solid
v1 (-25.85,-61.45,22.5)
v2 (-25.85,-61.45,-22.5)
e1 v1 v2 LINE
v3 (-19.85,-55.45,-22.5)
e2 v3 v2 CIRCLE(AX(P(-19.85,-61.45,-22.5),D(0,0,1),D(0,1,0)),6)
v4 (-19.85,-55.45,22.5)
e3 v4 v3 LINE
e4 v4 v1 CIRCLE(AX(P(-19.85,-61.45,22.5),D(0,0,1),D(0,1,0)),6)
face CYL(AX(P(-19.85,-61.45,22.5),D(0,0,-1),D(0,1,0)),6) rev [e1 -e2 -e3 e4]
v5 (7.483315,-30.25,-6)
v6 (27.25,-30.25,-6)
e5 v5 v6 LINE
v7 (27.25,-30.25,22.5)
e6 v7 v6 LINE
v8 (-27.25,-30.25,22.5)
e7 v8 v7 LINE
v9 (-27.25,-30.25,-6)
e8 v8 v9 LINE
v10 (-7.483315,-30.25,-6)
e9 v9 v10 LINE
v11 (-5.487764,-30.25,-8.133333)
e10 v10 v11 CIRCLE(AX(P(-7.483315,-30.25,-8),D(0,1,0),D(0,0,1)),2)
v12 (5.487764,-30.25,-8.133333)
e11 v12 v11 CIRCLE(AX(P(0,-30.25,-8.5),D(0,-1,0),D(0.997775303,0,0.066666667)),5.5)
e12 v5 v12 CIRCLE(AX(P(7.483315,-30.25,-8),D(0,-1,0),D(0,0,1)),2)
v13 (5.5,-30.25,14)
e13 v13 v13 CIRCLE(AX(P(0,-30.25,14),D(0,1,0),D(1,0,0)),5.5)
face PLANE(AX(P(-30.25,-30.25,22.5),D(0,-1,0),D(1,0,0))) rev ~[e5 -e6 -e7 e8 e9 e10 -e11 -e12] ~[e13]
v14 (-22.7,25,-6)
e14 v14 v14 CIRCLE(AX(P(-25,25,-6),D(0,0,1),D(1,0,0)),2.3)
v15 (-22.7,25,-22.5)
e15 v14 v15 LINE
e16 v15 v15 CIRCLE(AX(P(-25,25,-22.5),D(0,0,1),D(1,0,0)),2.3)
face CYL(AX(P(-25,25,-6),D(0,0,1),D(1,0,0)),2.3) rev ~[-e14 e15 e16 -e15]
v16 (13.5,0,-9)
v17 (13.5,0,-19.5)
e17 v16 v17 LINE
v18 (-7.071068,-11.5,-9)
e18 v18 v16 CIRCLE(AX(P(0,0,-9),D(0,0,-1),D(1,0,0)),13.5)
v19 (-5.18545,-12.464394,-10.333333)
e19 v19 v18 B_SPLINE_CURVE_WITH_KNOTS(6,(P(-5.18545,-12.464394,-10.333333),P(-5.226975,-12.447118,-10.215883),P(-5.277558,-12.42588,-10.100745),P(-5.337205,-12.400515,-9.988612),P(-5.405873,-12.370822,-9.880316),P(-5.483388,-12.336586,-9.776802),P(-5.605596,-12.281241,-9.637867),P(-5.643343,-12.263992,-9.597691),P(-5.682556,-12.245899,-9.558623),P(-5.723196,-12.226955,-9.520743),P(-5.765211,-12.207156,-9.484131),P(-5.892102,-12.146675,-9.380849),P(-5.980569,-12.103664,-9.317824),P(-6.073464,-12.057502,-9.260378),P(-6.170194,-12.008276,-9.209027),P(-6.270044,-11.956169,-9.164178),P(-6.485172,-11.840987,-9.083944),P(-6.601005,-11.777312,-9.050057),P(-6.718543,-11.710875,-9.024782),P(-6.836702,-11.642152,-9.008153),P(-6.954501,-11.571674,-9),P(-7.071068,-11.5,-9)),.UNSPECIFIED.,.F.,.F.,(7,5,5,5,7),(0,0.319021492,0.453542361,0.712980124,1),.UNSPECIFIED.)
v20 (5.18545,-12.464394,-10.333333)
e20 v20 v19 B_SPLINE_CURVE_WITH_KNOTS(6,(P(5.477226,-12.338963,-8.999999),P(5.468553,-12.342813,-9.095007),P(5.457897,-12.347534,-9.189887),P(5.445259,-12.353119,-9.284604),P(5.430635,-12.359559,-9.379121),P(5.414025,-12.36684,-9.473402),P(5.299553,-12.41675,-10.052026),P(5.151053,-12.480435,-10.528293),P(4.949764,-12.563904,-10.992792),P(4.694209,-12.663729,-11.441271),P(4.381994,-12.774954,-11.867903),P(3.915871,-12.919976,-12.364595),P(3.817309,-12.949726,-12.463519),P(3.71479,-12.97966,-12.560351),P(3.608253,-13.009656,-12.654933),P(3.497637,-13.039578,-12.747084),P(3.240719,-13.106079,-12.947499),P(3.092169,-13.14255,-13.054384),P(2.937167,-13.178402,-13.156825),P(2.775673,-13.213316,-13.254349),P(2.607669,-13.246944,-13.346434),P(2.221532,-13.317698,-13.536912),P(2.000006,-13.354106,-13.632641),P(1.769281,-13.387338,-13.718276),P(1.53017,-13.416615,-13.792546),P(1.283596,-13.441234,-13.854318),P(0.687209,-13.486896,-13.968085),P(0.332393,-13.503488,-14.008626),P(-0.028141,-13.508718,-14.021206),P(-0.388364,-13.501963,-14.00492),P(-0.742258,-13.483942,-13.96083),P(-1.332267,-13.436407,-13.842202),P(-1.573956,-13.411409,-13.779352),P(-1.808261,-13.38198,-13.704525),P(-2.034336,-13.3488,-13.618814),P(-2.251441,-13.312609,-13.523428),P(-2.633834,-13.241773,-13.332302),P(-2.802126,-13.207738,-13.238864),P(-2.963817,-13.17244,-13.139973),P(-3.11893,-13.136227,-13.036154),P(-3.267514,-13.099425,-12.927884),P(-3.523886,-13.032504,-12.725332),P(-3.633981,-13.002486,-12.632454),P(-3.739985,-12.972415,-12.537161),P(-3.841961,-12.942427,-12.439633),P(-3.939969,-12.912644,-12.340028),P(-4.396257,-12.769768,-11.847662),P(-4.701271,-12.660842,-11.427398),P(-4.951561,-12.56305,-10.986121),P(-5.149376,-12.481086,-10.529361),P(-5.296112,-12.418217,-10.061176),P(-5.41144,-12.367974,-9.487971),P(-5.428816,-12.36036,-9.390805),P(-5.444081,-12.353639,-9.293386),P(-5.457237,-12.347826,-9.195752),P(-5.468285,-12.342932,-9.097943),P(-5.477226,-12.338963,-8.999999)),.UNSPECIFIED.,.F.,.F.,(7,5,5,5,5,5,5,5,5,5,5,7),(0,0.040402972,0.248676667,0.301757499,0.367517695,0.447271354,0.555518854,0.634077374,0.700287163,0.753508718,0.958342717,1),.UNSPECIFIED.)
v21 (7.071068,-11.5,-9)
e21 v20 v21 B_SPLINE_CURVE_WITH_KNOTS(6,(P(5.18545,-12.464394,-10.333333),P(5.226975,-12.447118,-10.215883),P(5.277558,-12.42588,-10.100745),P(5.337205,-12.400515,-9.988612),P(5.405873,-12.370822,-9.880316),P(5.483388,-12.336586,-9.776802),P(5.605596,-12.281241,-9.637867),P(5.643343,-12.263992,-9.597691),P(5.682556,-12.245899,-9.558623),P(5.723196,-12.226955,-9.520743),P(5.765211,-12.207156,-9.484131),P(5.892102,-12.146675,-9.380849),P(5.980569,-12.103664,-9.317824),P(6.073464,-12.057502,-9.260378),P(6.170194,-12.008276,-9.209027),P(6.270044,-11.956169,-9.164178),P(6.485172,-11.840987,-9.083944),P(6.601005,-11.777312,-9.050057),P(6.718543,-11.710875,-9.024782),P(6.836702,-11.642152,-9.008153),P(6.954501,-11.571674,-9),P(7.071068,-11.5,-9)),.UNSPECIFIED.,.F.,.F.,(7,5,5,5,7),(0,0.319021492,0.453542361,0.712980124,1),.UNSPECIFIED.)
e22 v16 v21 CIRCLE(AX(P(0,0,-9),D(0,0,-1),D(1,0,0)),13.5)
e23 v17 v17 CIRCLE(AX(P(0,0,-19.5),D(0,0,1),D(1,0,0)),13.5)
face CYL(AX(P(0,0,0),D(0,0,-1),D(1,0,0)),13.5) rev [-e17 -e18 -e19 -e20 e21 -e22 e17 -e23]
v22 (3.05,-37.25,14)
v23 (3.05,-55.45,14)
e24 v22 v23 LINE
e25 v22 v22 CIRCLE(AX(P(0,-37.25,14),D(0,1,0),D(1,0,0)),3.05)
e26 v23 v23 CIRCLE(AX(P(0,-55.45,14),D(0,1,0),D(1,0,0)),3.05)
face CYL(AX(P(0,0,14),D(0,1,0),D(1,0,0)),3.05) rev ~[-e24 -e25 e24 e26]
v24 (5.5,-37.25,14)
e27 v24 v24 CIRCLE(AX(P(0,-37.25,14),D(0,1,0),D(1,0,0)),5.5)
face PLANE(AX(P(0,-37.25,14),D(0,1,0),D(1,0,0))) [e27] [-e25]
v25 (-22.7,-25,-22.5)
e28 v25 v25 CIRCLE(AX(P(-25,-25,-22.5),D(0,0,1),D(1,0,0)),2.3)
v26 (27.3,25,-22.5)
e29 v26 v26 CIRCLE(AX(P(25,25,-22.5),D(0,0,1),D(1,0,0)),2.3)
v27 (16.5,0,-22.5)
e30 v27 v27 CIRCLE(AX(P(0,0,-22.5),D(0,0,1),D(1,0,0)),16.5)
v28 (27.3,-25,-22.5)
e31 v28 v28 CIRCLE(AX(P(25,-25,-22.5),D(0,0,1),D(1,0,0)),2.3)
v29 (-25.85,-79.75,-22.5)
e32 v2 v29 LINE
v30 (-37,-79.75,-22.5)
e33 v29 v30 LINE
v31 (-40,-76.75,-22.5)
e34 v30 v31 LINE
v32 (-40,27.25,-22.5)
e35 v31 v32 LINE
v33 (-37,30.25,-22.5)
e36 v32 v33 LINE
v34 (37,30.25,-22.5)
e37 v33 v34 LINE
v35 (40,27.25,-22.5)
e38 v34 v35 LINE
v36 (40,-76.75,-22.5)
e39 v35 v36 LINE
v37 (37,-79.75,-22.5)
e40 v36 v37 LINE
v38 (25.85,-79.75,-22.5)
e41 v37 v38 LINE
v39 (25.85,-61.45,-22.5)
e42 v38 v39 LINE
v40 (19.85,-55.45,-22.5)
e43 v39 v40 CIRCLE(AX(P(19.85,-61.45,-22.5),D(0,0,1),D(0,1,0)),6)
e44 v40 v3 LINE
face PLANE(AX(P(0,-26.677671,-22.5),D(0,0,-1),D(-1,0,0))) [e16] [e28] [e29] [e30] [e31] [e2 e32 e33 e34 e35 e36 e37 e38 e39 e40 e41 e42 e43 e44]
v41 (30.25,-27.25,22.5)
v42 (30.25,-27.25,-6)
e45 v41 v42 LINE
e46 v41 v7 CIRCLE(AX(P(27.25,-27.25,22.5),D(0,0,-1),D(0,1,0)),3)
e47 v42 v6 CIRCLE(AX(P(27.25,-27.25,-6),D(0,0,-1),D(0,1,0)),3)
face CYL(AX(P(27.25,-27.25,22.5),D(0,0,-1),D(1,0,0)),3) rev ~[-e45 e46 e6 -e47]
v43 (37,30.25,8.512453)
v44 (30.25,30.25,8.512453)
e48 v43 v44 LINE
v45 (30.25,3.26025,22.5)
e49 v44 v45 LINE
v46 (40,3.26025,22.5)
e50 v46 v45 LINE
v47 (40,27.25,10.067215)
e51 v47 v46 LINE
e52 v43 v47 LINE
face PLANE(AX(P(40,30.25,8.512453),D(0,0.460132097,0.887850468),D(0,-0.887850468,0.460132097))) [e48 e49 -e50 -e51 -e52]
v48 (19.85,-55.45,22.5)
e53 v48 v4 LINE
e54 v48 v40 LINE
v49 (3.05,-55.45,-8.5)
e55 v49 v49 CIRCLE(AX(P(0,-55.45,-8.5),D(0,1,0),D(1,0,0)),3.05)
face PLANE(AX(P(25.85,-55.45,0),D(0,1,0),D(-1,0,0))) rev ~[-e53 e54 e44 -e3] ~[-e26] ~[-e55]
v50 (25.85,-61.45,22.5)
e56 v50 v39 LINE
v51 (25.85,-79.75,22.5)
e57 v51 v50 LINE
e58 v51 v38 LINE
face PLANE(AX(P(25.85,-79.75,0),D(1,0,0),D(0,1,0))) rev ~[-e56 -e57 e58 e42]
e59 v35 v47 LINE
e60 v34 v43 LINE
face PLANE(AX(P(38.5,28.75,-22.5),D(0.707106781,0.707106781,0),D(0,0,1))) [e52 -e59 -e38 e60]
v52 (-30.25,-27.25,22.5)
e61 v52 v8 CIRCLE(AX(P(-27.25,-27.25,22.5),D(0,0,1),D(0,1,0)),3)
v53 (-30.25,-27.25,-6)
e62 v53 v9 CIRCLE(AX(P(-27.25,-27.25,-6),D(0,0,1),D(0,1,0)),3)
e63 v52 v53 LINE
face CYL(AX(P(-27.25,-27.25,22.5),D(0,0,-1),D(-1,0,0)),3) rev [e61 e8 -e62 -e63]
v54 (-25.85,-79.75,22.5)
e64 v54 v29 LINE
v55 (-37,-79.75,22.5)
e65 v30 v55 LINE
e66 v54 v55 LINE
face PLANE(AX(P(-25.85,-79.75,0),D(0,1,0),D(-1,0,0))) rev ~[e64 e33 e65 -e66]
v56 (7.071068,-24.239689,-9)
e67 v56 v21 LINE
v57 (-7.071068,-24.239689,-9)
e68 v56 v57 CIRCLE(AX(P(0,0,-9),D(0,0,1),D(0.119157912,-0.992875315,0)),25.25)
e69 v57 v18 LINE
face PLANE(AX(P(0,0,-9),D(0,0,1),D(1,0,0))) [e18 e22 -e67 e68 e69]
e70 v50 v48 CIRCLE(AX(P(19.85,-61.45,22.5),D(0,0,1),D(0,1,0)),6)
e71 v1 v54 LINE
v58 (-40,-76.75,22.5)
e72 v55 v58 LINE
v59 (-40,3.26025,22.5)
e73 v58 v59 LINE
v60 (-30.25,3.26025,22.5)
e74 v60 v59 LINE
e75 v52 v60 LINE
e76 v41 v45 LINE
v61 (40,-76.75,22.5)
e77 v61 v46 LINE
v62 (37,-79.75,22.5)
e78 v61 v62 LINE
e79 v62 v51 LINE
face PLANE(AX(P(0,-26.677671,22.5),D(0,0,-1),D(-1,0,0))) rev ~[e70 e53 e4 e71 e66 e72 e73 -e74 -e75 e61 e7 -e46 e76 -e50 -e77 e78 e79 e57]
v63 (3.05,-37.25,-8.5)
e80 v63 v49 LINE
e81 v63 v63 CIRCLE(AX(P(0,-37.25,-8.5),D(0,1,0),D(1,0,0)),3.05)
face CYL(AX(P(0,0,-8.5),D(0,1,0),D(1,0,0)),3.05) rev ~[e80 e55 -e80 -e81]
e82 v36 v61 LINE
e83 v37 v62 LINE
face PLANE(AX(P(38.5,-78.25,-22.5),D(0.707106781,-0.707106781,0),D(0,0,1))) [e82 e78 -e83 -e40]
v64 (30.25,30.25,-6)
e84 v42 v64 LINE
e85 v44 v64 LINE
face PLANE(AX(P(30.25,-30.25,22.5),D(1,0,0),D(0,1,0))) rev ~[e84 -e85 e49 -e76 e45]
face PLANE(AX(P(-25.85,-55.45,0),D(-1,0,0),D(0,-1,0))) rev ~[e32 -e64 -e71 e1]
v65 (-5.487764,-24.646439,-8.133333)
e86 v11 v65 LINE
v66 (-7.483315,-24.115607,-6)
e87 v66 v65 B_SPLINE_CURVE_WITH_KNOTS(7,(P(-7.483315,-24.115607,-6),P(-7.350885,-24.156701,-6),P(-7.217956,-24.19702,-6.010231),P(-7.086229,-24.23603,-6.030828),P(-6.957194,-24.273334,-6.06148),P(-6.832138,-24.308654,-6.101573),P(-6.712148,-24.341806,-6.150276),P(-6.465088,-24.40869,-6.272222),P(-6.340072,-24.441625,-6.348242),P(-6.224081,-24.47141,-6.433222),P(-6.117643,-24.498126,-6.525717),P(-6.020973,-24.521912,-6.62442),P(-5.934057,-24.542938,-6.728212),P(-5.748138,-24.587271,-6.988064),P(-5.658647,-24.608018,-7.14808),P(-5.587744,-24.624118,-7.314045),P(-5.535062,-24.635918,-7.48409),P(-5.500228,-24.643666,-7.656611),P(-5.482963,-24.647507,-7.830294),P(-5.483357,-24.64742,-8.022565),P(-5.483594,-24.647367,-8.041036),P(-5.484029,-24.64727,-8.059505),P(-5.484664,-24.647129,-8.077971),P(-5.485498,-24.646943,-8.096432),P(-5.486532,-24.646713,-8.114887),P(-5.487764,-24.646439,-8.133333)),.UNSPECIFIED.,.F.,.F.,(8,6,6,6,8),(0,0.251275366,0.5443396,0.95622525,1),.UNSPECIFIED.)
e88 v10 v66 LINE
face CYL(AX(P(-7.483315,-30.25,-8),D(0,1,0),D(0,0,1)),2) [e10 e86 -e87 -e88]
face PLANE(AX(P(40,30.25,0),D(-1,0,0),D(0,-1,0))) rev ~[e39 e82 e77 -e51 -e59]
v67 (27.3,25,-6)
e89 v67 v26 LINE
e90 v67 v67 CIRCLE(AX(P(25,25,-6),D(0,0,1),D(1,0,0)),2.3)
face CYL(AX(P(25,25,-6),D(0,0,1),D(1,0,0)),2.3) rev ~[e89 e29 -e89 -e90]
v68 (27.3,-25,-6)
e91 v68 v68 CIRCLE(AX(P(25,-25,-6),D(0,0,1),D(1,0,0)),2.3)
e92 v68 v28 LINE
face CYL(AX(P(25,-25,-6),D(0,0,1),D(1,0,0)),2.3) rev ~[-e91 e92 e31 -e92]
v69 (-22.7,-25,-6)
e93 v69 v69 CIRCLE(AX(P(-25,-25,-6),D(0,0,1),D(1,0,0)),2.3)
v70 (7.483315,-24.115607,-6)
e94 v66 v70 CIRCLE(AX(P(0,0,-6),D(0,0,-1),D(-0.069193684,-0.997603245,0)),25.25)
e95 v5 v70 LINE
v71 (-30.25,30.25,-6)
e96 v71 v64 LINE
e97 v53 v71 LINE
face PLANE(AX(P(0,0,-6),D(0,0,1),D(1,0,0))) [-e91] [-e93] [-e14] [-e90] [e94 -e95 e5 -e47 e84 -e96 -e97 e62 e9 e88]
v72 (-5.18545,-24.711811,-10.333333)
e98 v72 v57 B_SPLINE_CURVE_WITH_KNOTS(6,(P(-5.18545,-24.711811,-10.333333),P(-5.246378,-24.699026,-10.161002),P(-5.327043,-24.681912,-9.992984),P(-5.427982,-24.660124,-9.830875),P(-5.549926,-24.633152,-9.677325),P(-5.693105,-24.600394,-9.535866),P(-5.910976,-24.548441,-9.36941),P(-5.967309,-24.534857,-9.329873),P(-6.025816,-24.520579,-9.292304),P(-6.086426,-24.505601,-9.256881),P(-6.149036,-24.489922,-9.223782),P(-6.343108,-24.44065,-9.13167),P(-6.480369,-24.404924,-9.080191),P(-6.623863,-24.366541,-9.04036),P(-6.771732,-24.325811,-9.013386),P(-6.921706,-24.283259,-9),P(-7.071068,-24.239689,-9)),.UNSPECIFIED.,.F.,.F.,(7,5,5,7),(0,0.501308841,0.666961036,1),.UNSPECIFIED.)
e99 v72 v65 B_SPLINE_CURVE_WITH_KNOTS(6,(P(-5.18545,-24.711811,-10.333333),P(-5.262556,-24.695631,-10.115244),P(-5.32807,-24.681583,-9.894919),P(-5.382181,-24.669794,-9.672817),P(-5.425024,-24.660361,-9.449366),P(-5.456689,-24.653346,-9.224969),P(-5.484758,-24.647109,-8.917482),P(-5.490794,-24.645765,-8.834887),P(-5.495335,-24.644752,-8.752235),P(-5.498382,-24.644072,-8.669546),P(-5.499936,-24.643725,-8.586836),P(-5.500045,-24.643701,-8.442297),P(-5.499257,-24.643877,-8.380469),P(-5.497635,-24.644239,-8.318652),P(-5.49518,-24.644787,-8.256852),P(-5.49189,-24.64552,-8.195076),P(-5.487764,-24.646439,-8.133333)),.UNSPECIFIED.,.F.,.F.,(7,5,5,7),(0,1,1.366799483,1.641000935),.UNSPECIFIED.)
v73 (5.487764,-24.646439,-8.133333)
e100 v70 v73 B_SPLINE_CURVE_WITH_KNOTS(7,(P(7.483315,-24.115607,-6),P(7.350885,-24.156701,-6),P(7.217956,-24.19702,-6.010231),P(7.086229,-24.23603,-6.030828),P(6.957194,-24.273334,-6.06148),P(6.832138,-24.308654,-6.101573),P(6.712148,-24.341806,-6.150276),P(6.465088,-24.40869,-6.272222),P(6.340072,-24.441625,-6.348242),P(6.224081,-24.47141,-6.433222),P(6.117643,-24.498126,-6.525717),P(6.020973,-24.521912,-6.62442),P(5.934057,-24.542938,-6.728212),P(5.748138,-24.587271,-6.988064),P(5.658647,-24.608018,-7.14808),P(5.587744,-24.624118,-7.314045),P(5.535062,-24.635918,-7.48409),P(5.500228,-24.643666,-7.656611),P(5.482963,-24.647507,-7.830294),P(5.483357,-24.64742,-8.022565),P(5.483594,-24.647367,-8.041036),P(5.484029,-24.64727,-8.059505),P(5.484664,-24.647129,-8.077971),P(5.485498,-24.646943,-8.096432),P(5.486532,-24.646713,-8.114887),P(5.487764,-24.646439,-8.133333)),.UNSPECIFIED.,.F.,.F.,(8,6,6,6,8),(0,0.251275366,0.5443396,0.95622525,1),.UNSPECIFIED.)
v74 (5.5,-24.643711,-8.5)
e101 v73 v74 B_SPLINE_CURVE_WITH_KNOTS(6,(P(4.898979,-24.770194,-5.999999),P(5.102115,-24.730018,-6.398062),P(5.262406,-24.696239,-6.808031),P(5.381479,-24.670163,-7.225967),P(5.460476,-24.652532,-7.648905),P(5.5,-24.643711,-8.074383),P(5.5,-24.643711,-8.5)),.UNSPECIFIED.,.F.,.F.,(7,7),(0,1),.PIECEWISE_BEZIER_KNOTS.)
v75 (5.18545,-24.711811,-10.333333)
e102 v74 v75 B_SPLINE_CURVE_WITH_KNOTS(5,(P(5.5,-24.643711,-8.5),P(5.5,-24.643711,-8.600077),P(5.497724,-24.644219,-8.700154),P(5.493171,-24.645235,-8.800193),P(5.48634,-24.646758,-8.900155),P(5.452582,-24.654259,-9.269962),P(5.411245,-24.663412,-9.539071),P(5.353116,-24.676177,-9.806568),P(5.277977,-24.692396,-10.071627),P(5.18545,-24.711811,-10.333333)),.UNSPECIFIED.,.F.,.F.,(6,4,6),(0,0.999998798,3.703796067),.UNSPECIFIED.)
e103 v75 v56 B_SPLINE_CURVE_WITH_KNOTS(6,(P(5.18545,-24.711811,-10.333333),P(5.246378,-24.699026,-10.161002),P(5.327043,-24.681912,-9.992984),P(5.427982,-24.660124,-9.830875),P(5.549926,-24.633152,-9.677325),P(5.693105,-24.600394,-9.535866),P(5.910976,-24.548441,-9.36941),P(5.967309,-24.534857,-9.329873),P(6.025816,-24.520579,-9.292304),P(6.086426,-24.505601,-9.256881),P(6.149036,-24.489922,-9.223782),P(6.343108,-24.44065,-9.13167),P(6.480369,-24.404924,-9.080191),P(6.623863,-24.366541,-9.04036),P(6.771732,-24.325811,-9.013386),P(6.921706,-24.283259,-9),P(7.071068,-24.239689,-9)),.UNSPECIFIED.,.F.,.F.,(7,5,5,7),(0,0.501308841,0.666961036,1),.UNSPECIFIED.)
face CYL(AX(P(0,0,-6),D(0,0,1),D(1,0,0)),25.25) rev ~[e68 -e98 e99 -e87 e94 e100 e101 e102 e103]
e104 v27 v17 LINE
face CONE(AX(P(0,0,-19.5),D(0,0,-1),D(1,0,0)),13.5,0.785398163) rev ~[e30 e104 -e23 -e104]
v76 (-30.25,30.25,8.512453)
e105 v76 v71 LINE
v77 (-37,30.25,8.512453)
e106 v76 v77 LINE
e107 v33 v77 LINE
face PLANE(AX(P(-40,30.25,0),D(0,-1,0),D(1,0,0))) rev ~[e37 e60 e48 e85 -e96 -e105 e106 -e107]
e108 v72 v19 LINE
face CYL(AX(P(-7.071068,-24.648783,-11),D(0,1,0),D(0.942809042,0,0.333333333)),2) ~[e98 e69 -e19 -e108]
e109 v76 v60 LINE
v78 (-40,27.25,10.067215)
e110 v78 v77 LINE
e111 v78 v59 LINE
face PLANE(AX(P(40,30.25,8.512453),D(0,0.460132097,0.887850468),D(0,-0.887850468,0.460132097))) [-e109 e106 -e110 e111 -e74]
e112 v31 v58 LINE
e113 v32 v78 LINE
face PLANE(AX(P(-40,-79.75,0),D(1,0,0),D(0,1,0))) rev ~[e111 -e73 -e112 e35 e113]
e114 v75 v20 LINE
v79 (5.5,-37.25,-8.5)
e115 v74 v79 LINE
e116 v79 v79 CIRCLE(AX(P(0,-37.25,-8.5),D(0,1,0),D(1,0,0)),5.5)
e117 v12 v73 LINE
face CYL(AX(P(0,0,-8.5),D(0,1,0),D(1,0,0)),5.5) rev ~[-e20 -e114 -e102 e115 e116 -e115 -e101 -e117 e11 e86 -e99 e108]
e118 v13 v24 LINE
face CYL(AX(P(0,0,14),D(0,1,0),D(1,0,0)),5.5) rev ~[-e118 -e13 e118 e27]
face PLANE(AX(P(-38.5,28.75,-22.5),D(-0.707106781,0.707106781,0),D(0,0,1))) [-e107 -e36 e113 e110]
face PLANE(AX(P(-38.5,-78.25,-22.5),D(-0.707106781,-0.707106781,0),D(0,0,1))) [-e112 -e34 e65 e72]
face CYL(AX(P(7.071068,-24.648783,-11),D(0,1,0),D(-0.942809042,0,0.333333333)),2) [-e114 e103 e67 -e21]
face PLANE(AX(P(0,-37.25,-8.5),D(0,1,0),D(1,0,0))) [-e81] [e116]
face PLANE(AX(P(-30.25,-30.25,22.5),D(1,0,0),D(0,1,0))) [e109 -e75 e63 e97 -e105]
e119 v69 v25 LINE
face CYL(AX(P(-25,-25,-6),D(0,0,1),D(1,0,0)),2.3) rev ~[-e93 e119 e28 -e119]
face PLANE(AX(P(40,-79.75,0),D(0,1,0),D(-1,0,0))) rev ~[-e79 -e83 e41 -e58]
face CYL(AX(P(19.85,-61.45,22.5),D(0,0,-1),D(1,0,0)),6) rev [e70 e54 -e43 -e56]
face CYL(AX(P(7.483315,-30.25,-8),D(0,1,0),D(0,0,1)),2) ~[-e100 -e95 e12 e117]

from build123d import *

# Parameters (mm, degrees)
SKETCH1_R               = 13.5
BOSS_EXTRUDE1_DEPTH     = 22.5
SKETCH2_W               = 60.5
SKETCH2_H               = 60.5
CUT_EXTRUDE1_DEPTH      = 28.5
SKETCH3_R               = 25.25
CUT_EXTRUDE2_DEPTH      = 3
SKETCH4_R               = 2.3
CUT_EXTRUDE3_DEPTH      = 29.5
CUT_EXTRUDE3_DEPTH_BACK = 17.5
CHAMFER1_SIZE           = 3
SKETCH5_R               = 3.05
CUT_EXTRUDE4_DEPTH      = 80.75
SKETCH6_R               = 5.5
CUT_EXTRUDE5_DEPTH      = 37.25
FILLET1_R               = 3
FILLET2_R               = 6
FILLET3_R               = 2
CHAMFER2_SIZE           = 3
CUT_EXTRUDE6_DEPTH      = 1
CUT_EXTRUDE6_DEPTH_BACK = 81


with BuildPart() as part:
    # Sketch1 → Boss-Extrude1 (new body, symmetric)
    with BuildSketch(Plane.XY):
        Polygon((40, -79.75), (25.85, -79.75), (25.85, -55.45), (-25.85, -55.45), (-25.85, -79.75), (-40, -79.75), (-40, 30.25), (40, 30.25), align=None)
        Circle(SKETCH1_R, mode=Mode.SUBTRACT)
    extrude(amount=BOSS_EXTRUDE1_DEPTH, both=True)

    # Sketch2 → Cut-Extrude1 (cut)
    with BuildSketch(Plane.XY.offset(22.5)):
        Rectangle(SKETCH2_W, SKETCH2_H)
    extrude(amount=-CUT_EXTRUDE1_DEPTH, mode=Mode.SUBTRACT)

    # Sketch3 → Cut-Extrude2 (cut)
    with BuildSketch(Plane.XY.offset(-6)):
        Circle(SKETCH3_R)
    extrude(amount=-CUT_EXTRUDE2_DEPTH, mode=Mode.SUBTRACT)

    # Sketch4 → Cut-Extrude3 (cut, two sides)
    with BuildSketch(Plane.XY.offset(-6)) as cut_extrude3_sk:
        with Locations((-25, 25)):
            Circle(SKETCH4_R)
        with Locations((25, 25)):
            Circle(SKETCH4_R)
        with Locations((25, -25)):
            Circle(SKETCH4_R)
        with Locations((-25, -25)):
            Circle(SKETCH4_R)
    extrude(amount=CUT_EXTRUDE3_DEPTH, mode=Mode.SUBTRACT)
    extrude(cut_extrude3_sk.sketch, amount=-CUT_EXTRUDE3_DEPTH_BACK, mode=Mode.SUBTRACT)

    # Chamfer1
    chamfer1_edges = [part.edges().sort_by_distance(p)[0] for p in [
        (-13.5, 0, -22.5),
    ]]
    chamfer(chamfer1_edges, length=CHAMFER1_SIZE)

    # Sketch5 → Cut-Extrude4 (cut, through all)
    with BuildSketch(Plane(origin=(0, 0, 0), x_dir=(1, 0, 0), z_dir=(0, 1, 0))):
        with Locations((0, 8.5)):
            Circle(SKETCH5_R)
        with Locations((0, -14)):
            Circle(SKETCH5_R)
    extrude(amount=-CUT_EXTRUDE4_DEPTH, mode=Mode.SUBTRACT)

    # Sketch6 → Cut-Extrude5 (cut)
    with BuildSketch(Plane(origin=(0, 0, 0), x_dir=(1, 0, 0), z_dir=(0, 1, 0))):
        with Locations((0, -14)):
            Circle(SKETCH6_R)
        with Locations((0, 8.5)):
            Circle(SKETCH6_R)
    extrude(amount=-CUT_EXTRUDE5_DEPTH, mode=Mode.SUBTRACT)

    # Fillet1
    fillet1_edges = [part.edges().sort_by_distance(p)[0] for p in [
        (-30.25, -30.25, 8.25),
        (30.25, -30.25, 8.25),
    ]]
    fillet(fillet1_edges, radius=FILLET1_R)

    # Fillet2
    fillet2_edges = [part.edges().sort_by_distance(p)[0] for p in [
        (25.85, -55.45, 0),
        (-25.85, -55.45, 0),
    ]]
    fillet(fillet2_edges, radius=FILLET2_R)

    # Fillet3
    fillet3_edges = [part.edges().sort_by_distance(p)[0] for p in [
        (5.477225575, -18.493872805, -9),
        (-5.477225575, -18.493872805, -9),
        (4.898979486, -27.510096891, -6),
        (-4.898979486, -27.510096891, -6),
    ]]
    fillet(fillet3_edges, radius=FILLET3_R)

    # Chamfer2
    chamfer2_edges = [part.edges().sort_by_distance(p)[0] for p in [
        (-40, 30.25, 0),
        (40, 30.25, 0),
        (40, -79.75, 0),
        (-40, -79.75, 0),
    ]]
    chamfer(chamfer2_edges, length=CHAMFER2_SIZE)

    # Sketch7 → Cut-Extrude6 (cut, two sides)
    with BuildSketch(Plane(origin=(40, 0, 0), x_dir=(0, 0, -1), z_dir=(1, 0, 0))) as cut_extrude6_sk:
        Polygon((-8.512452887, 30.25), (-22.5, 3.260250001), (-22.5, 30.25), align=None)
    extrude(amount=CUT_EXTRUDE6_DEPTH, mode=Mode.SUBTRACT)
    extrude(cut_extrude6_sk.sketch, amount=-CUT_EXTRUDE6_DEPTH_BACK, mode=Mode.SUBTRACT)


solid = part.part
